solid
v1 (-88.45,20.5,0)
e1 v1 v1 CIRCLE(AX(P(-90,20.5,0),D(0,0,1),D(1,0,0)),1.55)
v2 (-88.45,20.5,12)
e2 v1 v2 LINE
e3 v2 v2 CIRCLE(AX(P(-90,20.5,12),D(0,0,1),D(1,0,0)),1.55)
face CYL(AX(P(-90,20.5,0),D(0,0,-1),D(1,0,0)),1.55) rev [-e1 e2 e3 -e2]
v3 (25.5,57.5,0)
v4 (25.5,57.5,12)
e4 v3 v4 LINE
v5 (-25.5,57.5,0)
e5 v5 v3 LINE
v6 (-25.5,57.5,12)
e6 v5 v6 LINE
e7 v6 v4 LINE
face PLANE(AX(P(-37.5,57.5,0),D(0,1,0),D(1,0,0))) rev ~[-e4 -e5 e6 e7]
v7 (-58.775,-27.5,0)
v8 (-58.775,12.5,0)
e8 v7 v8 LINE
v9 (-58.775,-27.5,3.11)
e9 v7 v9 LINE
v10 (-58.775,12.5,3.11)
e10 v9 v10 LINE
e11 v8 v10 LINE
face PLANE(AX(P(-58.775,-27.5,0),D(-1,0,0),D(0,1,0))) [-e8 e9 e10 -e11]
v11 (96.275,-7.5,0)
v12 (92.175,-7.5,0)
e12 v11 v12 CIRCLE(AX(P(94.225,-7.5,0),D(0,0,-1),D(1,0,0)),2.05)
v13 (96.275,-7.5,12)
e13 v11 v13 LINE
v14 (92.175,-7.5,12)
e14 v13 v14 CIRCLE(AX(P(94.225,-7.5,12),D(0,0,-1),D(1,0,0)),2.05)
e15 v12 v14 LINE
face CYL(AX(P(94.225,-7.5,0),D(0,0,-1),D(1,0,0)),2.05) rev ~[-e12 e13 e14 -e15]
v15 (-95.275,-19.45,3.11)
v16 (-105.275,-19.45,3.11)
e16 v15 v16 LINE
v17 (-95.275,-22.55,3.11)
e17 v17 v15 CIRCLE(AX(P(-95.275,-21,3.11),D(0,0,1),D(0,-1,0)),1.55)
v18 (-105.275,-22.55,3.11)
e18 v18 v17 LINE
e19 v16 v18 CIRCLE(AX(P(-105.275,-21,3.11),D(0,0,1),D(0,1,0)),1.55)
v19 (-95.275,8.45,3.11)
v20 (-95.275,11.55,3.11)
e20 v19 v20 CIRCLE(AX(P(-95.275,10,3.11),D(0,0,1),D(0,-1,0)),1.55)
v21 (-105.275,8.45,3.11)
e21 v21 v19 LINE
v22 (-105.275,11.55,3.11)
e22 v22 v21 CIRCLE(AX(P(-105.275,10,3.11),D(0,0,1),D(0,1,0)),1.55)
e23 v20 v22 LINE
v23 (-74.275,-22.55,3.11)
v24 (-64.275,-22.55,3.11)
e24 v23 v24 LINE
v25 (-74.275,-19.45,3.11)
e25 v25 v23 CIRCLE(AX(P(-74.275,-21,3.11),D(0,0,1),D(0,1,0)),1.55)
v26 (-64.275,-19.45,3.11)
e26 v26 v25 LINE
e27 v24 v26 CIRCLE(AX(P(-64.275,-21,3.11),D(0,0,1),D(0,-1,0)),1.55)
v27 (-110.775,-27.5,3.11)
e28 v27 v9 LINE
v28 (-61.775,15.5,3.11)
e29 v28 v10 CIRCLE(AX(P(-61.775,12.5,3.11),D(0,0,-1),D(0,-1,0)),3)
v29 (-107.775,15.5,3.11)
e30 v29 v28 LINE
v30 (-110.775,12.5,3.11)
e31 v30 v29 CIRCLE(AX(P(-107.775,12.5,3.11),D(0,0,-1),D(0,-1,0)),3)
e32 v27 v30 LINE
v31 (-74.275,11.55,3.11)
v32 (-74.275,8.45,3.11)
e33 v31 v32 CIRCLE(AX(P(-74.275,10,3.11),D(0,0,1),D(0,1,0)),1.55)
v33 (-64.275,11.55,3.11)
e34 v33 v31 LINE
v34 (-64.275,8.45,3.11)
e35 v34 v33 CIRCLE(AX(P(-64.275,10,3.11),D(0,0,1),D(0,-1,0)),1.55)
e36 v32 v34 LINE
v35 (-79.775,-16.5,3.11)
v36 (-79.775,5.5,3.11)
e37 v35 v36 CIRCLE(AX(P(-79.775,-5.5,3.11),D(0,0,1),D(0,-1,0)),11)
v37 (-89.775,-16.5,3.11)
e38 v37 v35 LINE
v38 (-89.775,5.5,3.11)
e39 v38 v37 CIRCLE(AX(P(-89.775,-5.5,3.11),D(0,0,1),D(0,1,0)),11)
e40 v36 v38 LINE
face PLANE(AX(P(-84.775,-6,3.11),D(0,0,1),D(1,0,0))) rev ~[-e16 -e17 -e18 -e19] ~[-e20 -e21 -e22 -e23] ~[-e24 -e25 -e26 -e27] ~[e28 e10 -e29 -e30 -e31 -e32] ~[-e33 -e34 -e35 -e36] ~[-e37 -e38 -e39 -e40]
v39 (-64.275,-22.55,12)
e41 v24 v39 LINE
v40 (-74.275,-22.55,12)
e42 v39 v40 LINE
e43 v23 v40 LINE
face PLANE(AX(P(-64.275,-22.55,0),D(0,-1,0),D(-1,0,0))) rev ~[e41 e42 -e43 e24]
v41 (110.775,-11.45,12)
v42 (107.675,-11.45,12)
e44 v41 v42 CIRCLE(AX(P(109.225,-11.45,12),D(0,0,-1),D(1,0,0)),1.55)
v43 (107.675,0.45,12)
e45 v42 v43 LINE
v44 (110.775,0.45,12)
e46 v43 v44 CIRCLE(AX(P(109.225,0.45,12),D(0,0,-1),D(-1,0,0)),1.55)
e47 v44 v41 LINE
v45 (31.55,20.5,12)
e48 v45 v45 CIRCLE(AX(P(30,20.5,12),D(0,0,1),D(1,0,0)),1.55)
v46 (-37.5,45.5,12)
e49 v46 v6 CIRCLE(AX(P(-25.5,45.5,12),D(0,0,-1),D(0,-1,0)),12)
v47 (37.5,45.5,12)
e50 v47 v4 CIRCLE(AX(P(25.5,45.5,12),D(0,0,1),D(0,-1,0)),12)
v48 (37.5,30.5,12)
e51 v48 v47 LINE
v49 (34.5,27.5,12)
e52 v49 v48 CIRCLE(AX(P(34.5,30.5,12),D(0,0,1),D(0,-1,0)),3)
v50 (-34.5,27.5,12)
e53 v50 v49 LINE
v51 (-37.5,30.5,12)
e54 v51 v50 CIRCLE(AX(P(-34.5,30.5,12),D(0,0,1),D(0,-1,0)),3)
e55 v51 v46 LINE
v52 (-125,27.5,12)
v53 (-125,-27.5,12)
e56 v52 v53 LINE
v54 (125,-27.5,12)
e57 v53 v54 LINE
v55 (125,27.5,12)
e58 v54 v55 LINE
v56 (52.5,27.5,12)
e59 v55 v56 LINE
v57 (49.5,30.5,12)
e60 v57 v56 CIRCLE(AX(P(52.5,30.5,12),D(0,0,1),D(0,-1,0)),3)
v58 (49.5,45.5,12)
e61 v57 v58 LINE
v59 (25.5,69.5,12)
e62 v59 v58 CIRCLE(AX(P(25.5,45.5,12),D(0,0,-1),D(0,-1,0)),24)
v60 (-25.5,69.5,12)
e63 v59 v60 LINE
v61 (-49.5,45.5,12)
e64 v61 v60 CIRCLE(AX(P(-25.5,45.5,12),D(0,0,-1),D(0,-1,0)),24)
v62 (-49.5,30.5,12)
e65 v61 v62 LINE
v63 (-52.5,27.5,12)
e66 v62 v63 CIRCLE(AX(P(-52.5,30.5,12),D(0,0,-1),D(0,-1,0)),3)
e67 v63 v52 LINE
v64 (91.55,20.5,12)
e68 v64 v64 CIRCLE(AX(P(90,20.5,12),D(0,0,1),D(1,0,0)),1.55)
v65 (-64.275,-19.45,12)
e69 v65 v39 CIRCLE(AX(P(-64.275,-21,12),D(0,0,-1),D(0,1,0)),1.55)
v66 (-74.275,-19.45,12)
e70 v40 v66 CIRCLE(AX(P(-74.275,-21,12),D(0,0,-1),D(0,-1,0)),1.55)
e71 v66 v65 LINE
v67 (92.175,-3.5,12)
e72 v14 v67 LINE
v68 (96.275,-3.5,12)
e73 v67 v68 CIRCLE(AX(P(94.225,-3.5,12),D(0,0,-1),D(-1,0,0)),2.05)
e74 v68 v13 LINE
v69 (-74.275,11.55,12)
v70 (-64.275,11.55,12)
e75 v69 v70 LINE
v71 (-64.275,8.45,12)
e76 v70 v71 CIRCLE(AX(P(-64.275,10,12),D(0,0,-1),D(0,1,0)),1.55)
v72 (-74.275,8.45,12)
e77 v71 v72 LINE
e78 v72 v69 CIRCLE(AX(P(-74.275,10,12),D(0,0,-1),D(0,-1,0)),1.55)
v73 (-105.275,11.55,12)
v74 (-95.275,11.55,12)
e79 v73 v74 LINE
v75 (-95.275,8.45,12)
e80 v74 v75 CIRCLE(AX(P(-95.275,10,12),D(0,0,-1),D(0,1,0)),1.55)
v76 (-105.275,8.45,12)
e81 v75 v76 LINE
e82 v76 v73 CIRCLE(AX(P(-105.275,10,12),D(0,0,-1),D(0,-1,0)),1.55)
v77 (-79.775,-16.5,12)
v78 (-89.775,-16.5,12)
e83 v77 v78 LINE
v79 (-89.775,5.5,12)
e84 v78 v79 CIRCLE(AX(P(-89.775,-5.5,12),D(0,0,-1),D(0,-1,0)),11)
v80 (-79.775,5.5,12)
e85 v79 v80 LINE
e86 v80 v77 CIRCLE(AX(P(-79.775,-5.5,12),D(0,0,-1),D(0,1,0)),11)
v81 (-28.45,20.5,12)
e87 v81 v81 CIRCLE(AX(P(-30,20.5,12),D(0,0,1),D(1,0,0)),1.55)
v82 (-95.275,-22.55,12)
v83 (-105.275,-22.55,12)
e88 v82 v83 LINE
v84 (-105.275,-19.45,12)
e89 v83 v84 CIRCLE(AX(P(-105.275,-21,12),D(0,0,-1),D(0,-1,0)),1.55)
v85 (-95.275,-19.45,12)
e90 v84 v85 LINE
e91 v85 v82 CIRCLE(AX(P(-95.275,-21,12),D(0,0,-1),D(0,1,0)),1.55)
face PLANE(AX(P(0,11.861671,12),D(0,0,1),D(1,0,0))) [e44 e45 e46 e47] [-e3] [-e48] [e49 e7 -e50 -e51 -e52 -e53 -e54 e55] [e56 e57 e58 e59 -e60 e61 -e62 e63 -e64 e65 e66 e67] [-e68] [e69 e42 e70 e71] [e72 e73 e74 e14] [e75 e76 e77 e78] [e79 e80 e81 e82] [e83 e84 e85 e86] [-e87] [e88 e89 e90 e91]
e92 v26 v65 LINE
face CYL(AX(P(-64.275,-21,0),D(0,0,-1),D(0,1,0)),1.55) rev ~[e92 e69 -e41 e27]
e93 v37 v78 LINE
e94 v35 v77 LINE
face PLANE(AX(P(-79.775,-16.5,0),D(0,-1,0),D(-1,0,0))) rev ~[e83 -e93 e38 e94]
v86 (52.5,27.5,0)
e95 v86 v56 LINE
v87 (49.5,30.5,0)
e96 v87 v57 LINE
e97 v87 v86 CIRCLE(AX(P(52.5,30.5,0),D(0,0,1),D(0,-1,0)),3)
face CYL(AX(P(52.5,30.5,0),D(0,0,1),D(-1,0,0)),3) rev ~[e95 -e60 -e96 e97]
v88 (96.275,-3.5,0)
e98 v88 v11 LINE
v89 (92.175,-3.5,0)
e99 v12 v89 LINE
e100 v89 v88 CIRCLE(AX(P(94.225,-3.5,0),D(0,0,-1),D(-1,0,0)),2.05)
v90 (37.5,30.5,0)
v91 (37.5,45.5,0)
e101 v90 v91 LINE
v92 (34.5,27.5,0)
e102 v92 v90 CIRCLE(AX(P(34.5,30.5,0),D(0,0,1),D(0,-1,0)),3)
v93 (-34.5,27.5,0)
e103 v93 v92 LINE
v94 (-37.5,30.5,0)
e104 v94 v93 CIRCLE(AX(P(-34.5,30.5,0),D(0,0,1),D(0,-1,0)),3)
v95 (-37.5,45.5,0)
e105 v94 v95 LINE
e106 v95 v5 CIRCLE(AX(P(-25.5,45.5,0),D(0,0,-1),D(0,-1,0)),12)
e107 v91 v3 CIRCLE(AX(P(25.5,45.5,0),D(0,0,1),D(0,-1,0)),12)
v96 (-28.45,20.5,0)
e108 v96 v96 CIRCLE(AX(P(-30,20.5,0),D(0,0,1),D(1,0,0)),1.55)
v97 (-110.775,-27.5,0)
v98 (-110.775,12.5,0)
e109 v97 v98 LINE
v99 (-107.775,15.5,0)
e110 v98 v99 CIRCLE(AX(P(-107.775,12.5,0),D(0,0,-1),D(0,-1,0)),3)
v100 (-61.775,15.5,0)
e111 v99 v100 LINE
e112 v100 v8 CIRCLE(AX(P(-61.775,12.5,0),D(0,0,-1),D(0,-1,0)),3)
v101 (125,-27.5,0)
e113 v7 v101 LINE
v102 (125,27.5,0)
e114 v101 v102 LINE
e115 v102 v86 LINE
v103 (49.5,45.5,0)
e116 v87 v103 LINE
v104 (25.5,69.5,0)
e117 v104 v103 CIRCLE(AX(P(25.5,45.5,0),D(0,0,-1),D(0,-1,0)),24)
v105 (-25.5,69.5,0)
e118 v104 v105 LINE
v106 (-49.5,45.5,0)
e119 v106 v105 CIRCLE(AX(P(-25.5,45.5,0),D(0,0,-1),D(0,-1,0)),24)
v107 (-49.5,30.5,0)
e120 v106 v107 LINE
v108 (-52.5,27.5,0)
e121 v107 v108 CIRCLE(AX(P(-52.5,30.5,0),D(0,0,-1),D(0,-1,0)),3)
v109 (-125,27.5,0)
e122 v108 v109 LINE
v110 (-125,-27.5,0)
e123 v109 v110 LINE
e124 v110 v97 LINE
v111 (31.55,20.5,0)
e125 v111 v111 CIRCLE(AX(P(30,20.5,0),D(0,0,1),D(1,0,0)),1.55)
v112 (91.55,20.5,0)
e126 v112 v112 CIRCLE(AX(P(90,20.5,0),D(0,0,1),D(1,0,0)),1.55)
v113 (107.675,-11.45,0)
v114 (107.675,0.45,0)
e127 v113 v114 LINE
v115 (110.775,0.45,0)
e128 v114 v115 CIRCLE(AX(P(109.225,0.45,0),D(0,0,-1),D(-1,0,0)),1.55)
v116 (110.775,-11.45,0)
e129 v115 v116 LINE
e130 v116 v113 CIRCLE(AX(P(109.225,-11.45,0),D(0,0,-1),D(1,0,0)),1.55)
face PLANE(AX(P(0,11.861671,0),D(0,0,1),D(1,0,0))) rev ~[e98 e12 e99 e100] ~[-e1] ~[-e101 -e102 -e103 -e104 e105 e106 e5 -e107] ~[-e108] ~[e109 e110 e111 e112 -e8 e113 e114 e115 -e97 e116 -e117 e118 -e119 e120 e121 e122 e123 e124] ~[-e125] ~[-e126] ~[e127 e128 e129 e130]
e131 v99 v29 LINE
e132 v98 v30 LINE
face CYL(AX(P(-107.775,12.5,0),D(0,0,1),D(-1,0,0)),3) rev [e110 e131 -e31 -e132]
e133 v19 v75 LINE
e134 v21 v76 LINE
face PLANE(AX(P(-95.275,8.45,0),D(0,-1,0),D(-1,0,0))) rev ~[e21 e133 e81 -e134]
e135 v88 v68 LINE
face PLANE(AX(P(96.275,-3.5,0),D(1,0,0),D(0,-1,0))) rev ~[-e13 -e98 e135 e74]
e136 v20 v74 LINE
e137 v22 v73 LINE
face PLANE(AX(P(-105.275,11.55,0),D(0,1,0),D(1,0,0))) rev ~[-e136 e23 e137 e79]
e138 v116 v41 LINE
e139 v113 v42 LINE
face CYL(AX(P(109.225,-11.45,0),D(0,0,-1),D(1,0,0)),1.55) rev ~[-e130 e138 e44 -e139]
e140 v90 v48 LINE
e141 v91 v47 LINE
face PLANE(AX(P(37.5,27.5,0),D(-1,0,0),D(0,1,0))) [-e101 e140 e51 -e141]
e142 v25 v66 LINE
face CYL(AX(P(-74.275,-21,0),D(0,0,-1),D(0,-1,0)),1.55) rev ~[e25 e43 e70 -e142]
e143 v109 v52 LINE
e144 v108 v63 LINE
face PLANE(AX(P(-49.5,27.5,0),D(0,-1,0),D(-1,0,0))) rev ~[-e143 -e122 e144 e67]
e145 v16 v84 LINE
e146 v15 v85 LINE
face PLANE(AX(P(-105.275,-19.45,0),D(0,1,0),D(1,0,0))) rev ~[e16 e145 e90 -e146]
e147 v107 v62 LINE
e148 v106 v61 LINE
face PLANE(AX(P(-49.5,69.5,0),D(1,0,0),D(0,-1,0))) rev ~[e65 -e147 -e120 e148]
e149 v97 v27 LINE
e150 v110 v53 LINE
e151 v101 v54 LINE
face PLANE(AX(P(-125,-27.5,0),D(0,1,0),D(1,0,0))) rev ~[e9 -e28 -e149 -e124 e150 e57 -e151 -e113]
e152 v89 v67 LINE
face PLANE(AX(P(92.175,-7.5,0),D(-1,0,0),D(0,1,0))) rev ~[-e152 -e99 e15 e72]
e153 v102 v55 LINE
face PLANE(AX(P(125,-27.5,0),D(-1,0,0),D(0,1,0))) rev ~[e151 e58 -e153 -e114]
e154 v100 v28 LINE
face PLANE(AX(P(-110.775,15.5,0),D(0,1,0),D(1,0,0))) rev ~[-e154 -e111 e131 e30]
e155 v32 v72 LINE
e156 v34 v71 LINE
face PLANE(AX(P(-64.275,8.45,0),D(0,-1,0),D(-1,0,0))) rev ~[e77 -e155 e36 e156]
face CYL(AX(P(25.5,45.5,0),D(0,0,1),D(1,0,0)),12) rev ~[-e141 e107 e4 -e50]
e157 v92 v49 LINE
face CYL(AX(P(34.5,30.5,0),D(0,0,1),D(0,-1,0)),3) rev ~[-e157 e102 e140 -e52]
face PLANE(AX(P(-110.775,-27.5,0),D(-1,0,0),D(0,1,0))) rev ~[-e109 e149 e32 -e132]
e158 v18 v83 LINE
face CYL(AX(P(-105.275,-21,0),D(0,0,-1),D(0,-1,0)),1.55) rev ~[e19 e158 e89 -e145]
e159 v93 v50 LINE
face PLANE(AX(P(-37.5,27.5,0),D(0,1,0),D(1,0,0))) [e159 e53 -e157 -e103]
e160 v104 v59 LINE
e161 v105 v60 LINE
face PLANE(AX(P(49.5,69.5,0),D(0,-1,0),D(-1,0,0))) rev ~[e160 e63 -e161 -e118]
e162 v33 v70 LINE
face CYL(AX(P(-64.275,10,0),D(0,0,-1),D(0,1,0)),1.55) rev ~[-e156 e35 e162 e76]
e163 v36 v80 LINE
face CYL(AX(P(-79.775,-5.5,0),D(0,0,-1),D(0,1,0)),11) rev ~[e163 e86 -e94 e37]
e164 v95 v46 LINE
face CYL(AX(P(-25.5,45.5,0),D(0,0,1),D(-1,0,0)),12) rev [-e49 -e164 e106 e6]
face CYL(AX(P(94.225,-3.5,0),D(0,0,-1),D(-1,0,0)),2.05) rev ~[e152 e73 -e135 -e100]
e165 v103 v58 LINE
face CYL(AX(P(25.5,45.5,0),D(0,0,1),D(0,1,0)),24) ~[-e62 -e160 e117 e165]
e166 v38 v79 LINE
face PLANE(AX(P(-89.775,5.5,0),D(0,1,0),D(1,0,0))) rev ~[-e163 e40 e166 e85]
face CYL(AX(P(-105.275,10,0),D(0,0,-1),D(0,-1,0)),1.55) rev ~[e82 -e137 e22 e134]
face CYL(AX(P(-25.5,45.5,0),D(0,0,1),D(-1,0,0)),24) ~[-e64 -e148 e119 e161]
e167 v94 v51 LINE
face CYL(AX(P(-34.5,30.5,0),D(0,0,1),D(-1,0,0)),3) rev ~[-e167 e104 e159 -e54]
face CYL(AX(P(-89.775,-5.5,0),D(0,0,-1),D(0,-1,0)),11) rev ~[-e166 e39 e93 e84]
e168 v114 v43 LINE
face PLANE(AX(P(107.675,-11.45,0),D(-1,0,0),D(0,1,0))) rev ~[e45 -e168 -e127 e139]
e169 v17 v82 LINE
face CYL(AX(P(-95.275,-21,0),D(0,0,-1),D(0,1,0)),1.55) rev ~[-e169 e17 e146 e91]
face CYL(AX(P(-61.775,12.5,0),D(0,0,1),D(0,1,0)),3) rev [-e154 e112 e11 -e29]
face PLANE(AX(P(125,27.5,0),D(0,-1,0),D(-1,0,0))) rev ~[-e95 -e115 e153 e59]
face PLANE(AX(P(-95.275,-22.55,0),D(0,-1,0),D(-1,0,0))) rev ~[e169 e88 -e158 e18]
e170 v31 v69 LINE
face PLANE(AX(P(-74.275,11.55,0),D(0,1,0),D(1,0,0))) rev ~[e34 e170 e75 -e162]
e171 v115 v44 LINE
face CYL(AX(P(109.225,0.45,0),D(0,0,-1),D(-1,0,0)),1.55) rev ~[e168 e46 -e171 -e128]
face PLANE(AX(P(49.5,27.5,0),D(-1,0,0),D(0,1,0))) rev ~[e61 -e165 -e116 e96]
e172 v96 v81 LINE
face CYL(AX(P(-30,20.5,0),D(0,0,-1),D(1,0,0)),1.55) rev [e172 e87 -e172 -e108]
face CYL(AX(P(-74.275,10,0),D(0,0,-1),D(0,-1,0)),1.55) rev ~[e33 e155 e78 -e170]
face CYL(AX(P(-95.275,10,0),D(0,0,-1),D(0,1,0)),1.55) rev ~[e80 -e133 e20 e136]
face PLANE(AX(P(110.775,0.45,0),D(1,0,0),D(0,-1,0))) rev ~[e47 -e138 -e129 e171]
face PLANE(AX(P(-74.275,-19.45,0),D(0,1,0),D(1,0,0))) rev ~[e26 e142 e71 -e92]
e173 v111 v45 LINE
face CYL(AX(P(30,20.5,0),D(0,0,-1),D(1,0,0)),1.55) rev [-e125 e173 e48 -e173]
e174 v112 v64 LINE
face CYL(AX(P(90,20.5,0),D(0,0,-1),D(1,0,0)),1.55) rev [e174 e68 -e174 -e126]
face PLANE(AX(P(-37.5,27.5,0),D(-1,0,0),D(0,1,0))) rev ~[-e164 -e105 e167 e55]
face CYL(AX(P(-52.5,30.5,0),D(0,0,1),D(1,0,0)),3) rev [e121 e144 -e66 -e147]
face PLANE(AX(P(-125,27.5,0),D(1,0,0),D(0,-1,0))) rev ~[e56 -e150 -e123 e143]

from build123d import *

# Parameters (mm, degrees)
SKIZZE2_R                       = 1.55
SKIZZE2_W                       = 75
SKIZZE2_H                       = 30
AUFSATZ_LINEAR_AUSTRAGEN1_DEPTH = 12
SKIZZE2_3_W                     = 52
SKIZZE2_3_H                     = 43
SCHNITT_LINEAR_AUSTRAGEN1_DEPTH = 3.11
VERRUNDUNG1_R                   = 12
VERRUNDUNG2_R                   = 24
VERRUNDUNG3_R                   = 3
VERRUNDUNG4_R                   = 3


with BuildPart() as part:
    # Skizze2 → Aufsatz-Linear austragen1 (new body)
    with BuildSketch(Plane.XY):
        Polygon((-125, 27.5), (-125, -27.5), (125, -27.5), (125, 27.5), (49.5, 27.5), (49.5, 69.5), (-49.5, 69.5), (-49.5, 27.5), align=None)
        with Locations((-90, 20.5)):
            Circle(SKIZZE2_R, mode=Mode.SUBTRACT)
        with Locations((-30, 20.5)):
            Circle(SKIZZE2_R, mode=Mode.SUBTRACT)
        with BuildLine():
            ThreePointArc((92.175, -3.5), (94.225, -1.45), (96.275, -3.5))
            Line((96.275, -3.5), (96.275, -7.5))
            ThreePointArc((96.275, -7.5), (94.225, -9.55), (92.175, -7.5))
            Line((92.175, -7.5), (92.175, -3.5))
        make_face(mode=Mode.SUBTRACT)
        with BuildLine():
            ThreePointArc((107.675, 0.45), (109.225, 2), (110.775, 0.45))
            Line((110.775, 0.45), (110.775, -11.45))
            ThreePointArc((110.775, -11.45), (109.225, -13), (107.675, -11.45))
            Line((107.675, -11.45), (107.675, 0.45))
        make_face(mode=Mode.SUBTRACT)
        with Locations((30, 20.5)):
            Circle(SKIZZE2_R, mode=Mode.SUBTRACT)
        with Locations((90, 20.5)):
            Circle(SKIZZE2_R, mode=Mode.SUBTRACT)
        with Locations((0, 42.5)):
            Rectangle(SKIZZE2_W, SKIZZE2_H, mode=Mode.SUBTRACT)
        with BuildLine():
            Line((-74.275, 11.55), (-64.275, 11.55))
            ThreePointArc((-64.275, 11.55), (-62.725, 10), (-64.275, 8.45))
            Line((-64.275, 8.45), (-74.275, 8.45))
            ThreePointArc((-74.275, 8.45), (-75.825, 10), (-74.275, 11.55))
        make_face(mode=Mode.SUBTRACT)
        with BuildLine():
            ThreePointArc((-105.275, -22.55), (-106.825, -21), (-105.275, -19.45))
            Line((-105.275, -19.45), (-95.275, -19.45))
            ThreePointArc((-95.275, -19.45), (-93.725, -21), (-95.275, -22.55))
            Line((-95.275, -22.55), (-105.275, -22.55))
        make_face(mode=Mode.SUBTRACT)
        with BuildLine():
            ThreePointArc((-64.275, -19.45), (-62.725, -21), (-64.275, -22.55))
            Line((-64.275, -22.55), (-74.275, -22.55))
            ThreePointArc((-74.275, -22.55), (-75.825, -21), (-74.275, -19.45))
            Line((-74.275, -19.45), (-64.275, -19.45))
        make_face(mode=Mode.SUBTRACT)
        with BuildLine():
            ThreePointArc((-79.775, 5.5), (-68.775, -5.5), (-79.775, -16.5))
            Line((-79.775, -16.5), (-89.775, -16.5))
            ThreePointArc((-89.775, -16.5), (-100.775, -5.5), (-89.775, 5.5))
            Line((-89.775, 5.5), (-79.775, 5.5))
        make_face(mode=Mode.SUBTRACT)
        with BuildLine():
            ThreePointArc((-105.275, 8.45), (-106.825, 10), (-105.275, 11.55))
            Line((-105.275, 11.55), (-95.275, 11.55))
            ThreePointArc((-95.275, 11.55), (-93.725, 10), (-95.275, 8.45))
            Line((-95.275, 8.45), (-105.275, 8.45))
        make_face(mode=Mode.SUBTRACT)
    extrude(amount=AUFSATZ_LINEAR_AUSTRAGEN1_DEPTH)

    # Skizze2<3> → Schnitt-Linear austragen1 (cut)
    with BuildSketch(Plane.XY):
        with Locations((-84.775, -6)):
            Rectangle(SKIZZE2_3_W, SKIZZE2_3_H)
        with BuildLine():
            ThreePointArc((-105.275, -22.55), (-106.825, -21), (-105.275, -19.45))
            Line((-105.275, -19.45), (-95.275, -19.45))
            ThreePointArc((-95.275, -19.45), (-93.725, -21), (-95.275, -22.55))
            Line((-95.275, -22.55), (-105.275, -22.55))
        make_face(mode=Mode.SUBTRACT)
        with BuildLine():
            ThreePointArc((-64.275, -19.45), (-62.725, -21), (-64.275, -22.55))
            Line((-64.275, -22.55), (-74.275, -22.55))
            ThreePointArc((-74.275, -22.55), (-75.825, -21), (-74.275, -19.45))
            Line((-74.275, -19.45), (-64.275, -19.45))
        make_face(mode=Mode.SUBTRACT)
        with BuildLine():
            ThreePointArc((-79.775, 5.5), (-68.775, -5.5), (-79.775, -16.5))
            Line((-79.775, -16.5), (-89.775, -16.5))
            ThreePointArc((-89.775, -16.5), (-100.775, -5.5), (-89.775, 5.5))
            Line((-89.775, 5.5), (-79.775, 5.5))
        make_face(mode=Mode.SUBTRACT)
        with BuildLine():
            ThreePointArc((-105.275, 8.45), (-106.825, 10), (-105.275, 11.55))
            Line((-105.275, 11.55), (-95.275, 11.55))
            ThreePointArc((-95.275, 11.55), (-93.725, 10), (-95.275, 8.45))
            Line((-95.275, 8.45), (-105.275, 8.45))
        make_face(mode=Mode.SUBTRACT)
        with BuildLine():
            ThreePointArc((-64.275, 11.55), (-62.725, 10), (-64.275, 8.45))
            Line((-64.275, 8.45), (-74.275, 8.45))
            ThreePointArc((-74.275, 8.45), (-75.825, 10), (-74.275, 11.55))
            Line((-74.275, 11.55), (-64.275, 11.55))
        make_face(mode=Mode.SUBTRACT)
    extrude(amount=SCHNITT_LINEAR_AUSTRAGEN1_DEPTH, mode=Mode.SUBTRACT)

    # Verrundung1
    verrundung1_edges = [part.edges().sort_by_distance(p)[0] for p in [
        (37.5, 57.5, 6),
        (-37.5, 57.5, 6),
    ]]
    fillet(verrundung1_edges, radius=VERRUNDUNG1_R)

    # Verrundung2
    verrundung2_edges = [part.edges().sort_by_distance(p)[0] for p in [
        (49.5, 69.5, 6),
        (-49.5, 69.5, 6),
    ]]
    fillet(verrundung2_edges, radius=VERRUNDUNG2_R)

    # Verrundung3
    verrundung3_edges = [part.edges().sort_by_distance(p)[0] for p in [
        (49.5, 27.5, 6),
        (-37.5, 27.5, 6),
        (37.5, 27.5, 6),
        (-49.5, 27.5, 6),
    ]]
    fillet(verrundung3_edges, radius=VERRUNDUNG3_R)

    # Verrundung4
    verrundung4_edges = [part.edges().sort_by_distance(p)[0] for p in [
        (-110.775, 15.5, 1.555),
        (-58.775, 15.5, 1.555),
    ]]
    fillet(verrundung4_edges, radius=VERRUNDUNG4_R)


solid = part.part
